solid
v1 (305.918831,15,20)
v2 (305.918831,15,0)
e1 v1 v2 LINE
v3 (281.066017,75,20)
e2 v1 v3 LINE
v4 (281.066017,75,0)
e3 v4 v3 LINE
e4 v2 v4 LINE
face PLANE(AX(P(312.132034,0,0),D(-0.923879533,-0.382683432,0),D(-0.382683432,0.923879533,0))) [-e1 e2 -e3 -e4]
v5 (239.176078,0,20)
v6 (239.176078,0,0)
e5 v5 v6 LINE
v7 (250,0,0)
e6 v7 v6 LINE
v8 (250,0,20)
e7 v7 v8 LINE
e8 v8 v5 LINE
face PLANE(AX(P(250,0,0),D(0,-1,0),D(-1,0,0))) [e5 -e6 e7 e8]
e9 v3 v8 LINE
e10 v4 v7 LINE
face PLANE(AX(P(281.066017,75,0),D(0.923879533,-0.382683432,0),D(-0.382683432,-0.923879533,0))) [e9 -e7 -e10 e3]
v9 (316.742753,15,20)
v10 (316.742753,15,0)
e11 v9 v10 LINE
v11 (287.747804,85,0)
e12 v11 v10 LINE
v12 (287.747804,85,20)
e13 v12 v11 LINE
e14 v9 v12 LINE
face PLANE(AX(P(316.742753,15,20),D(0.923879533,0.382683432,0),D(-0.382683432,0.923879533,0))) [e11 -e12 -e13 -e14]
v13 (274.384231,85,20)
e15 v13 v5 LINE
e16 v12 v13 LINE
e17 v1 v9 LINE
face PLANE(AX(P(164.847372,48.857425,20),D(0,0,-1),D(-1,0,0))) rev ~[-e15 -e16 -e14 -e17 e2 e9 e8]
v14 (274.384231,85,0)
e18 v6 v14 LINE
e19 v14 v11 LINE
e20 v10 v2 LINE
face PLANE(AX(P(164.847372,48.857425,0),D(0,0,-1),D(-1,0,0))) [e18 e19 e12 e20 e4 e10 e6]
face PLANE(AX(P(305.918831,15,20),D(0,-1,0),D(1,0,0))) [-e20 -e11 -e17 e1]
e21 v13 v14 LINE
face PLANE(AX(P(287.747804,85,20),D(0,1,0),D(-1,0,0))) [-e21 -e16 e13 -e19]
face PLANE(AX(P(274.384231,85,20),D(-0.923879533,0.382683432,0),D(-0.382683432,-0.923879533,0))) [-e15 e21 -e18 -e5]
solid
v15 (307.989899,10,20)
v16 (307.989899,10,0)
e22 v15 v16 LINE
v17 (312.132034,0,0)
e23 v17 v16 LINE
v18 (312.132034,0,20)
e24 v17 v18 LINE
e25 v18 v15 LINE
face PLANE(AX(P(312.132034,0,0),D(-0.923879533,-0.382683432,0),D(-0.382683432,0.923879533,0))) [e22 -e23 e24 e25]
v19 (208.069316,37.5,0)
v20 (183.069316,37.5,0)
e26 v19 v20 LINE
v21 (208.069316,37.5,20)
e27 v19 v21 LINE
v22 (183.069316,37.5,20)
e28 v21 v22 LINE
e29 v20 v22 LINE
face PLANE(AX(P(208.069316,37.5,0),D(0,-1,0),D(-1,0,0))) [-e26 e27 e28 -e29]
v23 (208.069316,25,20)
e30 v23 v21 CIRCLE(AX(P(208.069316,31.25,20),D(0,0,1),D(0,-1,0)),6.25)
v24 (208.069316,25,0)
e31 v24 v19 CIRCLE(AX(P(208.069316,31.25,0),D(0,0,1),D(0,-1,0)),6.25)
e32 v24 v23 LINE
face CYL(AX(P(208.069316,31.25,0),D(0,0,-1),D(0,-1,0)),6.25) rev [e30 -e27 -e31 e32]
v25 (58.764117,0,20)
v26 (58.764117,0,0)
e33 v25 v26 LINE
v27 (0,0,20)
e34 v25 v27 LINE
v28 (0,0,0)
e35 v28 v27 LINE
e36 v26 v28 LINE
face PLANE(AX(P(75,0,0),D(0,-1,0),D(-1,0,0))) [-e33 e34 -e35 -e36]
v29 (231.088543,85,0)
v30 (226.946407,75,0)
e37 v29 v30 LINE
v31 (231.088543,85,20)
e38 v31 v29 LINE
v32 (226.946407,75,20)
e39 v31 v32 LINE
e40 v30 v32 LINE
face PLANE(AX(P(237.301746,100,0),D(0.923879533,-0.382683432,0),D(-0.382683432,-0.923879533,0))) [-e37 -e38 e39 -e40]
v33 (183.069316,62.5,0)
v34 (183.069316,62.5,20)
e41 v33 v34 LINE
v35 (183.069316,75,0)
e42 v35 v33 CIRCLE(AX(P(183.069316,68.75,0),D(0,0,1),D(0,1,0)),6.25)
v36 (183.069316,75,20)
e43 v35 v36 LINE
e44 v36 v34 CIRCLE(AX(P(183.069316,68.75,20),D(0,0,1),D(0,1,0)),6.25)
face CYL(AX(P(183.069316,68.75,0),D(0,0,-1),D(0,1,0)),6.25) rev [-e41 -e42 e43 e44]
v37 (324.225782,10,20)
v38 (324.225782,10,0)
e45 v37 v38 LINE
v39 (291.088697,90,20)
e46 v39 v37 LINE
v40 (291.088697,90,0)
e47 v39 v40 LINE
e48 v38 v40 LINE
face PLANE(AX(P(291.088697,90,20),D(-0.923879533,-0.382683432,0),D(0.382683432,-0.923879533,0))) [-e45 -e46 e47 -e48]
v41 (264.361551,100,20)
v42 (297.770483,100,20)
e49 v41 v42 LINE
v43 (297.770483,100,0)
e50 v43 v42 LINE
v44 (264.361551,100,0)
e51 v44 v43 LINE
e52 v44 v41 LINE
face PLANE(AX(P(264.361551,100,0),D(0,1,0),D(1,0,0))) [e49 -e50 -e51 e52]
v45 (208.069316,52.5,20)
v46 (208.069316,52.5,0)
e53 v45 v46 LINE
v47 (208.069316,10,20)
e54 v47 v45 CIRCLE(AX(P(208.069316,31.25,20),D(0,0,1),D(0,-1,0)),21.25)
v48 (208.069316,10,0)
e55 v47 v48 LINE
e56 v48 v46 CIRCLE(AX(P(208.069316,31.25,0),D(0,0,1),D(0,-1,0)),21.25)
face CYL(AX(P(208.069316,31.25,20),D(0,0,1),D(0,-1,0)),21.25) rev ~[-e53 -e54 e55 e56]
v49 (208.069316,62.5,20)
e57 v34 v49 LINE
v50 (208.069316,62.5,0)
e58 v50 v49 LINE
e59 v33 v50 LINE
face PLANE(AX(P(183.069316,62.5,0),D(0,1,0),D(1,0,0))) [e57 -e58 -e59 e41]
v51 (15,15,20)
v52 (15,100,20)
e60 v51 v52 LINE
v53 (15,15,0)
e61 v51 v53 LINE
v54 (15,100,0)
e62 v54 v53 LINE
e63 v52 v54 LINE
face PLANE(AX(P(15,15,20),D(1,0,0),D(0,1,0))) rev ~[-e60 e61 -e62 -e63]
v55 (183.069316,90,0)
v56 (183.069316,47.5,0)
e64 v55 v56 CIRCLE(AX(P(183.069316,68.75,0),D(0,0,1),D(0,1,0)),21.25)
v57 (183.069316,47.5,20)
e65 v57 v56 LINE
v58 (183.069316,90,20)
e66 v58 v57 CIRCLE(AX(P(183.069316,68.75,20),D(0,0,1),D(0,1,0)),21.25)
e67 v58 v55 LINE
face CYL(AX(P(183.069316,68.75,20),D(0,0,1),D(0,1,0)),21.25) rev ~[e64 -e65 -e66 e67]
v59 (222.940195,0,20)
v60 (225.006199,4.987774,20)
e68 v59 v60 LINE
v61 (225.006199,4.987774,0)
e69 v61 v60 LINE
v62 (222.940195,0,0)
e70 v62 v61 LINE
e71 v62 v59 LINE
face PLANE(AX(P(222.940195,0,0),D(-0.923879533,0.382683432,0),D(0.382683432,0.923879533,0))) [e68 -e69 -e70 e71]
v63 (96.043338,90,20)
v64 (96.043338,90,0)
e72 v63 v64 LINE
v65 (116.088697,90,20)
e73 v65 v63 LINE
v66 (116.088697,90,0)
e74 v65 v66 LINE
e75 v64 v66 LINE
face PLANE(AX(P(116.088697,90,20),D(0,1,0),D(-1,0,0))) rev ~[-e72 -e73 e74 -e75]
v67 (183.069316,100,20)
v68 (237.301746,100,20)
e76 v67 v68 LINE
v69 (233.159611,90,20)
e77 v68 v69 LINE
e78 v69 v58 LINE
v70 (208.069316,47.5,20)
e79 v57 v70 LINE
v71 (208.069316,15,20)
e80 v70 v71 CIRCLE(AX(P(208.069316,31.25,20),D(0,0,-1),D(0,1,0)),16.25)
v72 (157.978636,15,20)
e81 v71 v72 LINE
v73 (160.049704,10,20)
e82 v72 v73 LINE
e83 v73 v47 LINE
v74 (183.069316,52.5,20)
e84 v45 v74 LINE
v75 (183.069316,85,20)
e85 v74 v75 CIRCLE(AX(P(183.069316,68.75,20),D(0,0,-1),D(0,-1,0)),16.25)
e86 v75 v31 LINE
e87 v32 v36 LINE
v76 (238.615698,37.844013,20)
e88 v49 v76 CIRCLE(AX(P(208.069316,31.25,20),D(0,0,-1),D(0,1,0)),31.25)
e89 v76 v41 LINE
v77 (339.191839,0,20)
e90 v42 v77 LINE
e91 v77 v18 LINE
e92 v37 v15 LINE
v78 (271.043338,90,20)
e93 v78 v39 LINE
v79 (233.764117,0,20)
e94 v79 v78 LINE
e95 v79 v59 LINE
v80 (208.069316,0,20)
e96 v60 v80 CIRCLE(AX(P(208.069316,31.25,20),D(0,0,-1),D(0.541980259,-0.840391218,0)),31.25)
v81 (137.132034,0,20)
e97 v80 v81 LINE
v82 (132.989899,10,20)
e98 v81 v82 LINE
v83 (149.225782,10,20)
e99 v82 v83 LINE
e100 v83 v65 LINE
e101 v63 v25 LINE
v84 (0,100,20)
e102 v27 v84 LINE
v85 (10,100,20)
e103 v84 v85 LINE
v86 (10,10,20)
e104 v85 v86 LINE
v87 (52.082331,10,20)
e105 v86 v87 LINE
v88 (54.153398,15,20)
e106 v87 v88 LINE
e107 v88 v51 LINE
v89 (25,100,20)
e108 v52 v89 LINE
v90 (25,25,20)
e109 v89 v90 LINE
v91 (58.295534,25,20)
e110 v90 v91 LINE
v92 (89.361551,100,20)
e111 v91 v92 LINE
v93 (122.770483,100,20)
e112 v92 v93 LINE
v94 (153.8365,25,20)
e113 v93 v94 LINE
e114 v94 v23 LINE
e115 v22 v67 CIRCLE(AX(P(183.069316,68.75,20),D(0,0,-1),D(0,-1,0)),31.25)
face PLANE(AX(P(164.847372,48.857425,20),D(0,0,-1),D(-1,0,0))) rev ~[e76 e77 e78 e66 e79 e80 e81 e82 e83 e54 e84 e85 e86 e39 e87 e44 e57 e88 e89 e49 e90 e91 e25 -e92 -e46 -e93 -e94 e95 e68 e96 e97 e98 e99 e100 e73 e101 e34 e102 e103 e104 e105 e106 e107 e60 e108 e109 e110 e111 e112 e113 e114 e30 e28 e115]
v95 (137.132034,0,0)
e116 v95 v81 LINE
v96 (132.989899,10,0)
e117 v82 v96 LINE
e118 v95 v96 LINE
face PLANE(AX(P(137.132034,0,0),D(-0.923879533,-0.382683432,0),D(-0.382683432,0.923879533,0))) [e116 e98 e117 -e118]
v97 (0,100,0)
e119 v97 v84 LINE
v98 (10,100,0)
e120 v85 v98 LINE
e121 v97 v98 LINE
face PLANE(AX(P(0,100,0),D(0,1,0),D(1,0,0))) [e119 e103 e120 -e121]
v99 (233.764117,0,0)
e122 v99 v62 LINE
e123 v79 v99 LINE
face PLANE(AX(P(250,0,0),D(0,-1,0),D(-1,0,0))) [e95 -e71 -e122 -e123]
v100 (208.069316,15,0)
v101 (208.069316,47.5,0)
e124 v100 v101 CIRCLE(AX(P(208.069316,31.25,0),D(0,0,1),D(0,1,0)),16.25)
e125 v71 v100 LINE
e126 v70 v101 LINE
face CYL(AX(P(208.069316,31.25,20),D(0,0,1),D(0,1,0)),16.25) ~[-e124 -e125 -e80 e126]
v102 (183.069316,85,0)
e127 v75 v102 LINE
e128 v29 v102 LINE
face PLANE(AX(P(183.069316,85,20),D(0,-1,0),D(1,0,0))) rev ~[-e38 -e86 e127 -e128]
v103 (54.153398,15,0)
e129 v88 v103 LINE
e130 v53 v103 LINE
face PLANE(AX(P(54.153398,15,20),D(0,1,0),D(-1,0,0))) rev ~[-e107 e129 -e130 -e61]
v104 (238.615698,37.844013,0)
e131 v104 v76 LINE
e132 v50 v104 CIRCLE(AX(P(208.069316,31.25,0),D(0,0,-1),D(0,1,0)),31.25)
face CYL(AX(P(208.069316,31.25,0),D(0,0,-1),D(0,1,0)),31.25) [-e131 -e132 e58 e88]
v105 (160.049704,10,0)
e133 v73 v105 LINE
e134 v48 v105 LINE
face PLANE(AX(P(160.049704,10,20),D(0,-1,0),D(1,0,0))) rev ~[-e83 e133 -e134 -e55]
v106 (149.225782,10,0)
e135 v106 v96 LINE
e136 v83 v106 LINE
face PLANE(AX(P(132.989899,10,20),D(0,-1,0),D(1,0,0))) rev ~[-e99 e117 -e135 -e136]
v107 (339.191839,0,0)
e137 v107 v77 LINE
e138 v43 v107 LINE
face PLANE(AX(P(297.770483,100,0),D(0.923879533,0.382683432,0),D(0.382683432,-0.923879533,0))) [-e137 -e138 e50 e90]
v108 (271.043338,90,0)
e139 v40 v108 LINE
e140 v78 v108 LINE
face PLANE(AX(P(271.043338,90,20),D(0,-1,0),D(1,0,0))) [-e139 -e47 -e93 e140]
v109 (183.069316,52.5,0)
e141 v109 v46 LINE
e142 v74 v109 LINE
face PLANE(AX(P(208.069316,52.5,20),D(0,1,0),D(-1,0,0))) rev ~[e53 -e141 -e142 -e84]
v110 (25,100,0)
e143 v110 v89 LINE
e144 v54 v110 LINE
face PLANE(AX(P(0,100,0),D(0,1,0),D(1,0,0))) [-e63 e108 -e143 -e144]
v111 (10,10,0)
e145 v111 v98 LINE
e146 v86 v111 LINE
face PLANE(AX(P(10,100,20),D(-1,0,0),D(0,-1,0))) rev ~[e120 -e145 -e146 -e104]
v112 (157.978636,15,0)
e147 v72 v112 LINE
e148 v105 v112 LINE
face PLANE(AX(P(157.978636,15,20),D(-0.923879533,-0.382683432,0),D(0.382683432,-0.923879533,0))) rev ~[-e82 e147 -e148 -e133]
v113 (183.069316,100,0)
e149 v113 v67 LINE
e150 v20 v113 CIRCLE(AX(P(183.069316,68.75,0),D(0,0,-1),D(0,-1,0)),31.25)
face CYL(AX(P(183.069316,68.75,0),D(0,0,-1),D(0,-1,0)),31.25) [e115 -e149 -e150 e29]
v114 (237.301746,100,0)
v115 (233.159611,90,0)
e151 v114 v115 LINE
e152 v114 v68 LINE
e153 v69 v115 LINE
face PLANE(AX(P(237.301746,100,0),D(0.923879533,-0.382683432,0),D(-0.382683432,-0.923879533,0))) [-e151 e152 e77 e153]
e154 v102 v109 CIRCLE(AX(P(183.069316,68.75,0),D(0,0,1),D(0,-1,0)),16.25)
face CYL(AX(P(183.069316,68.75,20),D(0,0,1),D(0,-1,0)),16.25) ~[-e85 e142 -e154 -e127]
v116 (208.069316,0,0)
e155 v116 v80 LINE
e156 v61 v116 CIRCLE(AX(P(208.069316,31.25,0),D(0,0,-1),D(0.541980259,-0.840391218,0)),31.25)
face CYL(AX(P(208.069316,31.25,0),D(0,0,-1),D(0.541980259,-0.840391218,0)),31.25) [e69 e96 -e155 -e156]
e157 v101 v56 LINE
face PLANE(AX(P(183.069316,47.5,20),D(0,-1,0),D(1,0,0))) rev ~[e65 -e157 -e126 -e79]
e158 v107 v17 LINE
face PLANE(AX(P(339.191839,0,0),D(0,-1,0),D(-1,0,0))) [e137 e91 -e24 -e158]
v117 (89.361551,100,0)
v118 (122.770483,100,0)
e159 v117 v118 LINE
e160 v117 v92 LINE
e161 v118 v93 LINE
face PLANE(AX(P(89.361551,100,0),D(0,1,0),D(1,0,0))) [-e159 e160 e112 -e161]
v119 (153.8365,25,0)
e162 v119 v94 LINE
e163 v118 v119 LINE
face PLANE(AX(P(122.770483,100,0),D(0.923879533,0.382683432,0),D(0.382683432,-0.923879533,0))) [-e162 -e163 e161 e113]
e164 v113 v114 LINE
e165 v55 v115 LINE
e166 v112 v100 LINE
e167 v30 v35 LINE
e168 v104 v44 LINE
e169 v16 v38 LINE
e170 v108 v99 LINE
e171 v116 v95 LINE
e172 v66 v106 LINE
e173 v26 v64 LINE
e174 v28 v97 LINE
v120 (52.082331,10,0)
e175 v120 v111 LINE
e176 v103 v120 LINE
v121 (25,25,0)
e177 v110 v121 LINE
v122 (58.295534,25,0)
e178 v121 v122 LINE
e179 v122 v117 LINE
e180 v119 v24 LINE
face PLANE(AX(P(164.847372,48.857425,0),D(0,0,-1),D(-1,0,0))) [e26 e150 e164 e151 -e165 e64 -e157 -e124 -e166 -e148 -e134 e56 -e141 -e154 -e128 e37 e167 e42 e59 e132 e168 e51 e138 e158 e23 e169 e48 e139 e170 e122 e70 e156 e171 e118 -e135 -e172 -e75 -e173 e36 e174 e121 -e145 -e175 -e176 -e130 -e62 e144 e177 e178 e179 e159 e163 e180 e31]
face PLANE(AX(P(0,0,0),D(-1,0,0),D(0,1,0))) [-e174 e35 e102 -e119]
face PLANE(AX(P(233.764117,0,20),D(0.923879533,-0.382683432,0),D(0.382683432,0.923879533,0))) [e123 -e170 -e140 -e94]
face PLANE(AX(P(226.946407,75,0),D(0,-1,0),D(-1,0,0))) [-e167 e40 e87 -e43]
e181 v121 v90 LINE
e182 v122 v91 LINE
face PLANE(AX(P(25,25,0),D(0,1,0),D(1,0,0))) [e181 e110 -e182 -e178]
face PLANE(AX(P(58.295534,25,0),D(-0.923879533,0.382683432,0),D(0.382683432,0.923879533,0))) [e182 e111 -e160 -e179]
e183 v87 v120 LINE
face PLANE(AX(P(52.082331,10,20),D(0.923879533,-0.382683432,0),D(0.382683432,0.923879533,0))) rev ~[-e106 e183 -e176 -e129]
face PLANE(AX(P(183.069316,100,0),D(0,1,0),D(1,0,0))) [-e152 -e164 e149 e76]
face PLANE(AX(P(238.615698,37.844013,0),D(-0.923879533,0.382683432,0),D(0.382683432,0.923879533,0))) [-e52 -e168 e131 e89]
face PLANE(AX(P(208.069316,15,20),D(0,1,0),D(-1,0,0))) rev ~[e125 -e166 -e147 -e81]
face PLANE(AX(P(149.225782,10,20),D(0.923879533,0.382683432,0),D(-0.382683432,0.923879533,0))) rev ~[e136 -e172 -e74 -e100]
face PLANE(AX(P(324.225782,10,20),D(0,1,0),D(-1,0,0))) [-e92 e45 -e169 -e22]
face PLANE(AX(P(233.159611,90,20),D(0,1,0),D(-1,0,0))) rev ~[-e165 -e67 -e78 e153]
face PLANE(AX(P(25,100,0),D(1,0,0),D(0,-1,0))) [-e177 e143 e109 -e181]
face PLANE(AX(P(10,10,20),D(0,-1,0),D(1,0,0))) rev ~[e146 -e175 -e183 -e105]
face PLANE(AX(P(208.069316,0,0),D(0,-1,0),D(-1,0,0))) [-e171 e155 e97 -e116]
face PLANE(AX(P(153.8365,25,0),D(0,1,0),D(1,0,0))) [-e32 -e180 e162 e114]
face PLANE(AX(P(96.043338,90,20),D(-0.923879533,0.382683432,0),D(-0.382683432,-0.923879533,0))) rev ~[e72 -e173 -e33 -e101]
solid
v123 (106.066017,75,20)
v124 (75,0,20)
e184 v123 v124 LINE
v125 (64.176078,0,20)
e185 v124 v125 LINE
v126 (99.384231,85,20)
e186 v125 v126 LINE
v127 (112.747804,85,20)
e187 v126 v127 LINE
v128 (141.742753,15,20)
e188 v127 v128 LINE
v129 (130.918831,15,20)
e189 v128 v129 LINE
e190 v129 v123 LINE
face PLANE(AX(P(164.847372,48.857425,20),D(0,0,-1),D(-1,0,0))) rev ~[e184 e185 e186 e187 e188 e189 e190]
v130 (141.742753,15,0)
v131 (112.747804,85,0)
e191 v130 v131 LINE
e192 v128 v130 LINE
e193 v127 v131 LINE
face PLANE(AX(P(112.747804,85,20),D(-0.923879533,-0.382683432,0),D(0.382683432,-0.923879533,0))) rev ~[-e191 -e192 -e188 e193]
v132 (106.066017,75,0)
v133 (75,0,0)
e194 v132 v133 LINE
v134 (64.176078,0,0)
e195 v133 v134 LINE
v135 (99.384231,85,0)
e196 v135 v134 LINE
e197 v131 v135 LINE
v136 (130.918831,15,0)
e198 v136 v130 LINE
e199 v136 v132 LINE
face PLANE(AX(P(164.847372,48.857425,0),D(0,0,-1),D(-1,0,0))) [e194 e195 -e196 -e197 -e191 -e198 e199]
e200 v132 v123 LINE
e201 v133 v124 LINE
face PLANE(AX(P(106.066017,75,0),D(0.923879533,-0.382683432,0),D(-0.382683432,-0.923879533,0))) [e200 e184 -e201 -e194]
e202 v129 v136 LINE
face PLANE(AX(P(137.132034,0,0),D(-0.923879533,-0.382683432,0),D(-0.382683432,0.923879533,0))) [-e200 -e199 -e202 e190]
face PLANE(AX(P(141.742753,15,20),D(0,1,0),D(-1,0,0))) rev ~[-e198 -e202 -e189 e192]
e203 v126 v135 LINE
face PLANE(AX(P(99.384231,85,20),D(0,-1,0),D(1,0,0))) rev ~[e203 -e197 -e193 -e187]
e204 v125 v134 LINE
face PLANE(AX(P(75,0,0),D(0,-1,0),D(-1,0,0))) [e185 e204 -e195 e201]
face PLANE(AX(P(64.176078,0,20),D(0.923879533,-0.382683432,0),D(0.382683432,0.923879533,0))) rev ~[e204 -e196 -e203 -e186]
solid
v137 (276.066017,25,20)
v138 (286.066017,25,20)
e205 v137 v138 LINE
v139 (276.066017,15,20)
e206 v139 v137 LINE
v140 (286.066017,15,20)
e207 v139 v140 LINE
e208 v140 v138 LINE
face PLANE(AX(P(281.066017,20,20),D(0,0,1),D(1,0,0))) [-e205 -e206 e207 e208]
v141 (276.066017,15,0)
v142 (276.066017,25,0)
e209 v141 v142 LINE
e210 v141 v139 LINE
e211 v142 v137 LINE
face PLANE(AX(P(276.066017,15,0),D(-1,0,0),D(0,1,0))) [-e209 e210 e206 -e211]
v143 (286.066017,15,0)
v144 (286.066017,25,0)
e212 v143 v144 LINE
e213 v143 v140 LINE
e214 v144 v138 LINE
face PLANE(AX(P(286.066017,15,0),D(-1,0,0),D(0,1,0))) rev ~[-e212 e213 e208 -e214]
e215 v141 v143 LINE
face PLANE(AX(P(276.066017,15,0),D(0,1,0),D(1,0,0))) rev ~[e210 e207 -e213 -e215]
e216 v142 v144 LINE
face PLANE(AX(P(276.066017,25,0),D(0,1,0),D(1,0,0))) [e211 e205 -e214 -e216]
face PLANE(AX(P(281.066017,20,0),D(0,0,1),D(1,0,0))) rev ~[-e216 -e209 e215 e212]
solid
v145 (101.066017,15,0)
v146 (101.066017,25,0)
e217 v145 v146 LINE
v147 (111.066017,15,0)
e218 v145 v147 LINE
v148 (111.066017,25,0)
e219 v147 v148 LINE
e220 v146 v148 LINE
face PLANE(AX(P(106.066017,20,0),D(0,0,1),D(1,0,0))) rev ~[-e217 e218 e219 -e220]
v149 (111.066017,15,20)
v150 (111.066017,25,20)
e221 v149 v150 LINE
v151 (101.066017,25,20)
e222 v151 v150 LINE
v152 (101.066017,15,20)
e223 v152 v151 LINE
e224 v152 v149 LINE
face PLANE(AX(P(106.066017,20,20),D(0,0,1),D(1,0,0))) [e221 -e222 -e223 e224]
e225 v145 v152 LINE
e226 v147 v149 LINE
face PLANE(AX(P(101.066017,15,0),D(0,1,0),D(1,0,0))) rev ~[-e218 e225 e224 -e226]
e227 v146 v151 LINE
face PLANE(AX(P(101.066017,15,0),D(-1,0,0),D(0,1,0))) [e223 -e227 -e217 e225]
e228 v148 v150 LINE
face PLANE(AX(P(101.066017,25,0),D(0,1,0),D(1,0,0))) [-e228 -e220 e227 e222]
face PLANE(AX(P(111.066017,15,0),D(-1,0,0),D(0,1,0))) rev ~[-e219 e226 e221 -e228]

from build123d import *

# Parameters (mm, degrees)
BOSS_EXTRUDE1_DEPTH   = 20
SKETCH2_W             = 10
SKETCH2_H             = 10
BOSS_EXTRUDE1_2_DEPTH = 20
BOSS_EXTRUDE1_3_DEPTH = 20
CUT_EXTRUDE1_DEPTH    = 21


with BuildPart() as part:
    # Sketch2 → Boss-Extrude1 (new body)
    with BuildSketch(Plane.XY):
        with BuildLine():
            Line((0, 0), (0, 100))
            Line((0, 100), (25, 100))
            Line((25, 100), (25, 25))
            Line((25, 25), (58.295534052, 25))
            Line((58.295534052, 25), (89.36155123, 100))
            Line((89.36155123, 100), (122.770483126, 100))
            Line((122.770483126, 100), (153.836500304, 25))
            Line((153.836500304, 25), (208.069315713, 25))
            ThreePointArc((208.069315713, 25), (214.319315713, 31.25), (208.069315713, 37.5))
            Line((208.069315713, 37.5), (183.069315713, 37.5))
            ThreePointArc((183.069315713, 37.5), (151.819315713, 68.75), (183.069315713, 100))
            Line((183.069315713, 100), (237.301746223, 100))
            Line((237.301746223, 100), (226.946407163, 75))
            Line((226.946407163, 75), (183.069315713, 75))
            ThreePointArc((183.069315713, 75), (176.819315713, 68.75), (183.069315713, 62.5))
            Line((183.069315713, 62.5), (208.069315713, 62.5))
            ThreePointArc((208.069315713, 62.5), (227.697097013, 55.566922117), (238.615698382, 37.844012879))
            Line((238.615698382, 37.844012879), (264.36155123, 100))
            Line((264.36155123, 100), (297.770483126, 100))
            Line((297.770483126, 100), (339.191839363, 0))
            Line((339.191839363, 0), (312.132034356, 0))
            Line((312.132034356, 0), (281.066017178, 75))
            Line((281.066017178, 75), (250, 0))
            Line((250, 0), (222.940194993, 0))
            Line((222.940194993, 0), (225.006198817, 4.987774452))
            ThreePointArc((225.006198817, 4.987774452), (216.897337905, 1.272866645), (208.069315713, 0))
            Line((208.069315713, 0), (137.132034356, 0))
            Line((137.132034356, 0), (106.066017178, 75))
            Line((106.066017178, 75), (75, 0))
            Line((75, 0), (0, 0))
        make_face()
    extrude(amount=BOSS_EXTRUDE1_DEPTH)

    # Sketch5 → Cut-Extrude1 (cut, through all)
    with BuildSketch(Plane.XY.offset(20)):
        Polygon((10, 100), (10, 10), (52.082330616, 10), (54.153398428, 15), (15, 15), (15, 100), align=None)
        Polygon((64.176077997, 0), (99.384230799, 85), (112.747803557, 85), (141.742752923, 15), (130.91883092, 15), (132.989898732, 10), (149.225781737, 10), (116.088696747, 90), (96.043337609, 90), (58.764116996, 0), align=None)
        with BuildLine():
            Line((231.088542787, 85), (233.159610599, 90))
            Line((233.159610599, 90), (183.069315713, 90))
            ThreePointArc((183.069315713, 90), (161.819315713, 68.75), (183.069315713, 47.5))
            Line((183.069315713, 47.5), (208.069315713, 47.5))
            ThreePointArc((208.069315713, 47.5), (224.319315713, 31.25), (208.069315713, 15))
            Line((208.069315713, 15), (157.978635928, 15))
            Line((157.978635928, 15), (160.04970374, 10))
            Line((160.04970374, 10), (208.069315713, 10))
            ThreePointArc((208.069315713, 10), (229.319315713, 31.25), (208.069315713, 52.5))
            Line((208.069315713, 52.5), (183.069315713, 52.5))
            ThreePointArc((183.069315713, 52.5), (166.819315713, 68.75), (183.069315713, 85))
            Line((183.069315713, 85), (231.088542787, 85))
        make_face()
        Polygon((239.176077997, 0), (233.764116996, 0), (271.043337609, 90), (291.088696747, 90), (324.225781737, 10), (307.989898732, 10), (305.91883092, 15), (316.742752923, 15), (287.747803557, 85), (274.384230799, 85), align=None)
    extrude(amount=-CUT_EXTRUDE1_DEPTH, mode=Mode.SUBTRACT)


with BuildPart() as body_2:
    # Sketch2 → Boss-Extrude1 2 (new body)
    with BuildSketch(Plane.XY):
        with Locations((106.066017178, 20)):
            Rectangle(SKETCH2_W, SKETCH2_H)
    extrude(amount=BOSS_EXTRUDE1_2_DEPTH)


with BuildPart() as body_3:
    # Sketch2 → Boss-Extrude1 3 (new body)
    with BuildSketch(Plane.XY):
        with Locations((281.066017178, 20)):
            Rectangle(SKETCH2_W, SKETCH2_H)
    extrude(amount=BOSS_EXTRUDE1_3_DEPTH)


solid = Compound([part.part, body_2.part, body_3.part])
